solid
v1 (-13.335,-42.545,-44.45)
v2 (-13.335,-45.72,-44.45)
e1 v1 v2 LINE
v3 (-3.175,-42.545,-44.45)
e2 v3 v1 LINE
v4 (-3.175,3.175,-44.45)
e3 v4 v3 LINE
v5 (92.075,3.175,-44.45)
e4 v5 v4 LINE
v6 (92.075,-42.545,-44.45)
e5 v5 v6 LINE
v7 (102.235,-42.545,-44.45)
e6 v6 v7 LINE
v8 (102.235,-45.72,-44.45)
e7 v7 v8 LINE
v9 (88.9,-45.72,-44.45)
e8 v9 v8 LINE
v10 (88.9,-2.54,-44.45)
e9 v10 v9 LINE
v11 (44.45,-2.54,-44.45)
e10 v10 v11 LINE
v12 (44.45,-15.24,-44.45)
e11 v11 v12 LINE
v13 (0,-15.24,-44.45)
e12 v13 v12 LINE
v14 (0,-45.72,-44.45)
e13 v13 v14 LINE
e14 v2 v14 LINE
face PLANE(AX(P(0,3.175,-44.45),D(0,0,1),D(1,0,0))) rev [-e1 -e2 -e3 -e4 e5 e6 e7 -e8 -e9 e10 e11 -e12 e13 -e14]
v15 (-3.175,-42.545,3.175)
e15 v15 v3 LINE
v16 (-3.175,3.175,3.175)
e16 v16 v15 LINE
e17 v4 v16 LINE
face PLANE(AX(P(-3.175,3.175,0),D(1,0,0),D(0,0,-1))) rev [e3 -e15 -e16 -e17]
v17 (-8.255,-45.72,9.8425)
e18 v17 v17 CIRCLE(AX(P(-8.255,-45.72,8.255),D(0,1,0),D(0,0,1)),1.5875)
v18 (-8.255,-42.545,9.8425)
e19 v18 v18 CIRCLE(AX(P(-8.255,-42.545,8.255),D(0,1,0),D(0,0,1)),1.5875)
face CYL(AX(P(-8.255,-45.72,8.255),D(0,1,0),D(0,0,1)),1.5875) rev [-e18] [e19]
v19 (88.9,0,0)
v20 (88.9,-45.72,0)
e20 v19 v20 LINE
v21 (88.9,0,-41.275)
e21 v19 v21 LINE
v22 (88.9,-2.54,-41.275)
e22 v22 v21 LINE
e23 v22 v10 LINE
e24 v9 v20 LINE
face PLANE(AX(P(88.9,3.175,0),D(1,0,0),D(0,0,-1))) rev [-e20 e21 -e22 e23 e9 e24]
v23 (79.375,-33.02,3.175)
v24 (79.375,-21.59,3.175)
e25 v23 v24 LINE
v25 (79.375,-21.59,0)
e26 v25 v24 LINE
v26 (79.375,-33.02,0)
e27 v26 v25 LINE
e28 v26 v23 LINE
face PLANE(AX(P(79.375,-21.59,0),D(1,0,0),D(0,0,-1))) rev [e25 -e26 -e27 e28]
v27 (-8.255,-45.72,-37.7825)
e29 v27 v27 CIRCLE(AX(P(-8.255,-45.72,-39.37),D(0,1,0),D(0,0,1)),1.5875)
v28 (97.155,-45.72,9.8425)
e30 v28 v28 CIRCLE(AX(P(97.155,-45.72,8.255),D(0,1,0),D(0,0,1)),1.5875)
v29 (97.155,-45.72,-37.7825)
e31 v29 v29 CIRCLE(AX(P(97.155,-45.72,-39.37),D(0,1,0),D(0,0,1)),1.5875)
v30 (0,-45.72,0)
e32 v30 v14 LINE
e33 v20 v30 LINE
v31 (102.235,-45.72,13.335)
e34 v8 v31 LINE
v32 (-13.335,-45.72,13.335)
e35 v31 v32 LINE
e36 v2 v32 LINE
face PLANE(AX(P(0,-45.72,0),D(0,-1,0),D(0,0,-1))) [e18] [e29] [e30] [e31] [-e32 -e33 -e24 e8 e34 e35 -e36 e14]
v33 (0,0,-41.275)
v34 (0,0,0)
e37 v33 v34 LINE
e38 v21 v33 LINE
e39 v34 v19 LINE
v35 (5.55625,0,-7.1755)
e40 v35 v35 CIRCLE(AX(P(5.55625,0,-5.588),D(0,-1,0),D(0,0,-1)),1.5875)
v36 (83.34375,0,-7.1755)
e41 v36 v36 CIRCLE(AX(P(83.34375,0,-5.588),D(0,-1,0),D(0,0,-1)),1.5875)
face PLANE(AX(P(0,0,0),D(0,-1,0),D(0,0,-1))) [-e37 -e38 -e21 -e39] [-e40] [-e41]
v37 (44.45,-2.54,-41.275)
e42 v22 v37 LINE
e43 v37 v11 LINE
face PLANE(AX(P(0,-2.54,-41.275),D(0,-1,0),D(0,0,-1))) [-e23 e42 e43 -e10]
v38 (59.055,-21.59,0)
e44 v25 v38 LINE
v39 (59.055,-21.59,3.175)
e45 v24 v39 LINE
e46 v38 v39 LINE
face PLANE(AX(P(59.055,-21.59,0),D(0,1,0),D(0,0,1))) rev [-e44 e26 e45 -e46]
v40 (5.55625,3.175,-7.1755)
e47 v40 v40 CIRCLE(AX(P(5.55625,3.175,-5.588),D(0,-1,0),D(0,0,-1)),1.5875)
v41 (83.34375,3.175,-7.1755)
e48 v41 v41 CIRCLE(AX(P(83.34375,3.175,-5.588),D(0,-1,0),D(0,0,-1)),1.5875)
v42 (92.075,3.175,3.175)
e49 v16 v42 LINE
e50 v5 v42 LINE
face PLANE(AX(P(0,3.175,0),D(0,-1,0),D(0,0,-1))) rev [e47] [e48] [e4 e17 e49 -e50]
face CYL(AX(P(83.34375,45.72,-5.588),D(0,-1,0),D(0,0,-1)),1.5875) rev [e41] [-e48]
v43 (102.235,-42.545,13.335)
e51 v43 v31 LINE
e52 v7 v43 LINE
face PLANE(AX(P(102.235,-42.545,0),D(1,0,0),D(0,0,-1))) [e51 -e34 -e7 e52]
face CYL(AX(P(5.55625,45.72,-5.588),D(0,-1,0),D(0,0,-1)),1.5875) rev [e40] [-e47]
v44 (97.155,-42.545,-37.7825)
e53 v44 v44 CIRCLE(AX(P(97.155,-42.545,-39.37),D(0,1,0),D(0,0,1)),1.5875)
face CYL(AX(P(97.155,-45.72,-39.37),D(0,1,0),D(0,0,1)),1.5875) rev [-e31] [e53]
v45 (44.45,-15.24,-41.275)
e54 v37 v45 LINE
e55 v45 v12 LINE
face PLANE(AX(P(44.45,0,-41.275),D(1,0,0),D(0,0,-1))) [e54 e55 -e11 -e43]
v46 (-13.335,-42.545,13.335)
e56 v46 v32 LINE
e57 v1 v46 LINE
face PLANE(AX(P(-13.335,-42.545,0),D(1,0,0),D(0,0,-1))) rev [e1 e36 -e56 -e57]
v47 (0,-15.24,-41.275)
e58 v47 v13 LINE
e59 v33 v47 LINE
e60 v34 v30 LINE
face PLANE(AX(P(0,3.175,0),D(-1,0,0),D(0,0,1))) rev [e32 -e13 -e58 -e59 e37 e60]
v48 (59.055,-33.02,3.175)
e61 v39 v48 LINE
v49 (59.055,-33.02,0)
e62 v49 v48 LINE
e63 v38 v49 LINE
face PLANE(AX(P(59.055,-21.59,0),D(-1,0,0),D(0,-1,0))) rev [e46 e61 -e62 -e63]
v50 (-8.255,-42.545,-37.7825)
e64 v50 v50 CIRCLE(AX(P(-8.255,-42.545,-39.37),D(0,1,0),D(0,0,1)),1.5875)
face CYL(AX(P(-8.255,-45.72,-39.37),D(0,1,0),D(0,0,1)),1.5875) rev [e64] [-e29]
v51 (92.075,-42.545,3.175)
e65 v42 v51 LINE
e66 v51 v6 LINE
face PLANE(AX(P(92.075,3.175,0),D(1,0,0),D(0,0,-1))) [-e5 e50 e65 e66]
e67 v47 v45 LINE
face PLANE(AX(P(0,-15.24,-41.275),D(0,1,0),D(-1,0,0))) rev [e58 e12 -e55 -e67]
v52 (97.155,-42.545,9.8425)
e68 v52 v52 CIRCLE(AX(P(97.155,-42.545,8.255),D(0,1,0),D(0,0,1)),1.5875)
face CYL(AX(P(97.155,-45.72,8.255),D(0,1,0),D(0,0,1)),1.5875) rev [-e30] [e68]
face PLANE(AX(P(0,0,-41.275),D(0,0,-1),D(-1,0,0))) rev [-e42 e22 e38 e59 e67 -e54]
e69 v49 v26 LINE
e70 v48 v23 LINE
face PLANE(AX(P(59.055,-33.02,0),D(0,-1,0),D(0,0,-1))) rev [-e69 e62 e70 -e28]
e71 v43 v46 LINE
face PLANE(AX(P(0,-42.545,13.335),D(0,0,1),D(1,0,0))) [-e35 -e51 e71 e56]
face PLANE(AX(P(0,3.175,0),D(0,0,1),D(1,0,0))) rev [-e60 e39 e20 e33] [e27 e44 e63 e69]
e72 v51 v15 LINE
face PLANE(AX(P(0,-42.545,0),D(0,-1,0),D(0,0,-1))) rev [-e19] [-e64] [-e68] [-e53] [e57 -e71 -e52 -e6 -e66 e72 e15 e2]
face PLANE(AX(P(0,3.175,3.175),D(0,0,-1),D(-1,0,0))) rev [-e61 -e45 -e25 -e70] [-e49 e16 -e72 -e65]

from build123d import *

# Parameters (mm, degrees)
SKETCH1_W                = 88.9
SKETCH1_H                = 44.45
BOSS_EXTRUDE1_DEPTH      = 3.175
BOSS_EXTRUDE2_DEPTH      = 45.72
BOSS_EXTRUDE2_DEPTH_BACK = 3.175
SKETCH3_R                = 1.5875
CUT_EXTRUDE1_DEPTH       = 45.72
SKETCH4_W                = 10.16
SKETCH4_H                = 47.625
SKETCH4_H_2              = 10.16
SKETCH4_W_2              = 95.25
BOSS_EXTRUDE3_DEPTH      = 3.175
SKETCH5_R                = 1.5875
CUT_EXTRUDE2_DEPTH       = 3.175
SKETCH6_W                = 20.32
SKETCH6_H                = 11.43
CUT_EXTRUDE3_DEPTH       = 3.175
SKETCH7_W                = 44.45
SKETCH7_H                = 12.7
BOSS_EXTRUDE4_DEPTH      = 3.175


with BuildPart() as part:
    # Sketch1 → Boss-Extrude1 (new body)
    with BuildSketch(Plane(origin=(0, 0, 0), x_dir=(1, 0, 0), z_dir=(0, 1, 0))):
        with Locations((44.45, 22.225)):
            Rectangle(SKETCH1_W, SKETCH1_H)
    extrude(amount=BOSS_EXTRUDE1_DEPTH)

    # Sketch2 → Boss-Extrude2 (add, two sides: drawn at the far end of the back side and taken through both)
    with BuildSketch(Plane.XZ.offset(-BOSS_EXTRUDE2_DEPTH_BACK)):
        Polygon((-3.175, 3.175), (-3.175, -44.45), (0, -44.45), (0, 0), (88.9, 0), (88.9, -44.45), (92.075, -44.45), (92.075, 3.175), align=None)
    extrude(amount=BOSS_EXTRUDE2_DEPTH + BOSS_EXTRUDE2_DEPTH_BACK)

    # Sketch3 → Cut-Extrude1 (cut)
    with BuildSketch(Plane.XZ):
        with Locations(Location((83.34375, -5.588, 0), (0, 0, 270))):
            Circle(SKETCH3_R)
        with Locations(Location((5.55625, -5.588, 0), (0, 0, 270))):
            Circle(SKETCH3_R)
    extrude(amount=-CUT_EXTRUDE1_DEPTH, mode=Mode.SUBTRACT)

    # Sketch4 → Boss-Extrude3 (add)
    with BuildSketch(Plane.XZ.offset(45.72)):
        with Locations((-8.255, -20.6375)):
            Rectangle(SKETCH4_W, SKETCH4_H)
        with Locations((-8.255, 8.255)):
            Rectangle(SKETCH4_W, SKETCH4_H_2)
        with Locations((44.45, 8.255)):
            Rectangle(SKETCH4_W_2, SKETCH4_H_2)
        Polygon((92.075, -44.45), (102.235, -44.45), (102.235, 13.335), (92.075, 13.335), (92.075, 3.175), align=None)
    extrude(amount=-BOSS_EXTRUDE3_DEPTH)

    # Sketch5 → Cut-Extrude2 (cut)
    with BuildSketch(Plane(origin=(0, -42.545, 0), x_dir=(1, 0, 0), z_dir=(0, 1, 0))):
        with Locations(Location((-8.255, 39.37, 0), (0, 0, 270))):
            Circle(SKETCH5_R)
        with Locations(Location((-8.255, -8.255, 0), (0, 0, 270))):
            Circle(SKETCH5_R)
        with Locations(Location((97.155, -8.255, 0), (0, 0, 270))):
            Circle(SKETCH5_R)
        with Locations(Location((97.155, 39.37, 0), (0, 0, 270))):
            Circle(SKETCH5_R)
    extrude(amount=-CUT_EXTRUDE2_DEPTH, mode=Mode.SUBTRACT)

    # Sketch6 → Cut-Extrude3 (cut)
    with BuildSketch(Plane.XY.offset(3.175)):
        with Locations((69.215, -27.305)):
            Rectangle(SKETCH6_W, SKETCH6_H)
    extrude(amount=-CUT_EXTRUDE3_DEPTH, mode=Mode.SUBTRACT)

    # Sketch7 → Boss-Extrude4 (add)
    with BuildSketch(Plane(origin=(0, 0, -44.45), x_dir=(-1, 0, 0), z_dir=(0, 0, -1))):
        with Locations((-22.225, -8.89)):
            Rectangle(SKETCH7_W, SKETCH7_H)
        Polygon((-88.9, 0), (-88.9, -2.54), (-44.45, -2.54), (0, -2.54), (0, 0), align=None)
    extrude(amount=-BOSS_EXTRUDE4_DEPTH)


solid = part.part
